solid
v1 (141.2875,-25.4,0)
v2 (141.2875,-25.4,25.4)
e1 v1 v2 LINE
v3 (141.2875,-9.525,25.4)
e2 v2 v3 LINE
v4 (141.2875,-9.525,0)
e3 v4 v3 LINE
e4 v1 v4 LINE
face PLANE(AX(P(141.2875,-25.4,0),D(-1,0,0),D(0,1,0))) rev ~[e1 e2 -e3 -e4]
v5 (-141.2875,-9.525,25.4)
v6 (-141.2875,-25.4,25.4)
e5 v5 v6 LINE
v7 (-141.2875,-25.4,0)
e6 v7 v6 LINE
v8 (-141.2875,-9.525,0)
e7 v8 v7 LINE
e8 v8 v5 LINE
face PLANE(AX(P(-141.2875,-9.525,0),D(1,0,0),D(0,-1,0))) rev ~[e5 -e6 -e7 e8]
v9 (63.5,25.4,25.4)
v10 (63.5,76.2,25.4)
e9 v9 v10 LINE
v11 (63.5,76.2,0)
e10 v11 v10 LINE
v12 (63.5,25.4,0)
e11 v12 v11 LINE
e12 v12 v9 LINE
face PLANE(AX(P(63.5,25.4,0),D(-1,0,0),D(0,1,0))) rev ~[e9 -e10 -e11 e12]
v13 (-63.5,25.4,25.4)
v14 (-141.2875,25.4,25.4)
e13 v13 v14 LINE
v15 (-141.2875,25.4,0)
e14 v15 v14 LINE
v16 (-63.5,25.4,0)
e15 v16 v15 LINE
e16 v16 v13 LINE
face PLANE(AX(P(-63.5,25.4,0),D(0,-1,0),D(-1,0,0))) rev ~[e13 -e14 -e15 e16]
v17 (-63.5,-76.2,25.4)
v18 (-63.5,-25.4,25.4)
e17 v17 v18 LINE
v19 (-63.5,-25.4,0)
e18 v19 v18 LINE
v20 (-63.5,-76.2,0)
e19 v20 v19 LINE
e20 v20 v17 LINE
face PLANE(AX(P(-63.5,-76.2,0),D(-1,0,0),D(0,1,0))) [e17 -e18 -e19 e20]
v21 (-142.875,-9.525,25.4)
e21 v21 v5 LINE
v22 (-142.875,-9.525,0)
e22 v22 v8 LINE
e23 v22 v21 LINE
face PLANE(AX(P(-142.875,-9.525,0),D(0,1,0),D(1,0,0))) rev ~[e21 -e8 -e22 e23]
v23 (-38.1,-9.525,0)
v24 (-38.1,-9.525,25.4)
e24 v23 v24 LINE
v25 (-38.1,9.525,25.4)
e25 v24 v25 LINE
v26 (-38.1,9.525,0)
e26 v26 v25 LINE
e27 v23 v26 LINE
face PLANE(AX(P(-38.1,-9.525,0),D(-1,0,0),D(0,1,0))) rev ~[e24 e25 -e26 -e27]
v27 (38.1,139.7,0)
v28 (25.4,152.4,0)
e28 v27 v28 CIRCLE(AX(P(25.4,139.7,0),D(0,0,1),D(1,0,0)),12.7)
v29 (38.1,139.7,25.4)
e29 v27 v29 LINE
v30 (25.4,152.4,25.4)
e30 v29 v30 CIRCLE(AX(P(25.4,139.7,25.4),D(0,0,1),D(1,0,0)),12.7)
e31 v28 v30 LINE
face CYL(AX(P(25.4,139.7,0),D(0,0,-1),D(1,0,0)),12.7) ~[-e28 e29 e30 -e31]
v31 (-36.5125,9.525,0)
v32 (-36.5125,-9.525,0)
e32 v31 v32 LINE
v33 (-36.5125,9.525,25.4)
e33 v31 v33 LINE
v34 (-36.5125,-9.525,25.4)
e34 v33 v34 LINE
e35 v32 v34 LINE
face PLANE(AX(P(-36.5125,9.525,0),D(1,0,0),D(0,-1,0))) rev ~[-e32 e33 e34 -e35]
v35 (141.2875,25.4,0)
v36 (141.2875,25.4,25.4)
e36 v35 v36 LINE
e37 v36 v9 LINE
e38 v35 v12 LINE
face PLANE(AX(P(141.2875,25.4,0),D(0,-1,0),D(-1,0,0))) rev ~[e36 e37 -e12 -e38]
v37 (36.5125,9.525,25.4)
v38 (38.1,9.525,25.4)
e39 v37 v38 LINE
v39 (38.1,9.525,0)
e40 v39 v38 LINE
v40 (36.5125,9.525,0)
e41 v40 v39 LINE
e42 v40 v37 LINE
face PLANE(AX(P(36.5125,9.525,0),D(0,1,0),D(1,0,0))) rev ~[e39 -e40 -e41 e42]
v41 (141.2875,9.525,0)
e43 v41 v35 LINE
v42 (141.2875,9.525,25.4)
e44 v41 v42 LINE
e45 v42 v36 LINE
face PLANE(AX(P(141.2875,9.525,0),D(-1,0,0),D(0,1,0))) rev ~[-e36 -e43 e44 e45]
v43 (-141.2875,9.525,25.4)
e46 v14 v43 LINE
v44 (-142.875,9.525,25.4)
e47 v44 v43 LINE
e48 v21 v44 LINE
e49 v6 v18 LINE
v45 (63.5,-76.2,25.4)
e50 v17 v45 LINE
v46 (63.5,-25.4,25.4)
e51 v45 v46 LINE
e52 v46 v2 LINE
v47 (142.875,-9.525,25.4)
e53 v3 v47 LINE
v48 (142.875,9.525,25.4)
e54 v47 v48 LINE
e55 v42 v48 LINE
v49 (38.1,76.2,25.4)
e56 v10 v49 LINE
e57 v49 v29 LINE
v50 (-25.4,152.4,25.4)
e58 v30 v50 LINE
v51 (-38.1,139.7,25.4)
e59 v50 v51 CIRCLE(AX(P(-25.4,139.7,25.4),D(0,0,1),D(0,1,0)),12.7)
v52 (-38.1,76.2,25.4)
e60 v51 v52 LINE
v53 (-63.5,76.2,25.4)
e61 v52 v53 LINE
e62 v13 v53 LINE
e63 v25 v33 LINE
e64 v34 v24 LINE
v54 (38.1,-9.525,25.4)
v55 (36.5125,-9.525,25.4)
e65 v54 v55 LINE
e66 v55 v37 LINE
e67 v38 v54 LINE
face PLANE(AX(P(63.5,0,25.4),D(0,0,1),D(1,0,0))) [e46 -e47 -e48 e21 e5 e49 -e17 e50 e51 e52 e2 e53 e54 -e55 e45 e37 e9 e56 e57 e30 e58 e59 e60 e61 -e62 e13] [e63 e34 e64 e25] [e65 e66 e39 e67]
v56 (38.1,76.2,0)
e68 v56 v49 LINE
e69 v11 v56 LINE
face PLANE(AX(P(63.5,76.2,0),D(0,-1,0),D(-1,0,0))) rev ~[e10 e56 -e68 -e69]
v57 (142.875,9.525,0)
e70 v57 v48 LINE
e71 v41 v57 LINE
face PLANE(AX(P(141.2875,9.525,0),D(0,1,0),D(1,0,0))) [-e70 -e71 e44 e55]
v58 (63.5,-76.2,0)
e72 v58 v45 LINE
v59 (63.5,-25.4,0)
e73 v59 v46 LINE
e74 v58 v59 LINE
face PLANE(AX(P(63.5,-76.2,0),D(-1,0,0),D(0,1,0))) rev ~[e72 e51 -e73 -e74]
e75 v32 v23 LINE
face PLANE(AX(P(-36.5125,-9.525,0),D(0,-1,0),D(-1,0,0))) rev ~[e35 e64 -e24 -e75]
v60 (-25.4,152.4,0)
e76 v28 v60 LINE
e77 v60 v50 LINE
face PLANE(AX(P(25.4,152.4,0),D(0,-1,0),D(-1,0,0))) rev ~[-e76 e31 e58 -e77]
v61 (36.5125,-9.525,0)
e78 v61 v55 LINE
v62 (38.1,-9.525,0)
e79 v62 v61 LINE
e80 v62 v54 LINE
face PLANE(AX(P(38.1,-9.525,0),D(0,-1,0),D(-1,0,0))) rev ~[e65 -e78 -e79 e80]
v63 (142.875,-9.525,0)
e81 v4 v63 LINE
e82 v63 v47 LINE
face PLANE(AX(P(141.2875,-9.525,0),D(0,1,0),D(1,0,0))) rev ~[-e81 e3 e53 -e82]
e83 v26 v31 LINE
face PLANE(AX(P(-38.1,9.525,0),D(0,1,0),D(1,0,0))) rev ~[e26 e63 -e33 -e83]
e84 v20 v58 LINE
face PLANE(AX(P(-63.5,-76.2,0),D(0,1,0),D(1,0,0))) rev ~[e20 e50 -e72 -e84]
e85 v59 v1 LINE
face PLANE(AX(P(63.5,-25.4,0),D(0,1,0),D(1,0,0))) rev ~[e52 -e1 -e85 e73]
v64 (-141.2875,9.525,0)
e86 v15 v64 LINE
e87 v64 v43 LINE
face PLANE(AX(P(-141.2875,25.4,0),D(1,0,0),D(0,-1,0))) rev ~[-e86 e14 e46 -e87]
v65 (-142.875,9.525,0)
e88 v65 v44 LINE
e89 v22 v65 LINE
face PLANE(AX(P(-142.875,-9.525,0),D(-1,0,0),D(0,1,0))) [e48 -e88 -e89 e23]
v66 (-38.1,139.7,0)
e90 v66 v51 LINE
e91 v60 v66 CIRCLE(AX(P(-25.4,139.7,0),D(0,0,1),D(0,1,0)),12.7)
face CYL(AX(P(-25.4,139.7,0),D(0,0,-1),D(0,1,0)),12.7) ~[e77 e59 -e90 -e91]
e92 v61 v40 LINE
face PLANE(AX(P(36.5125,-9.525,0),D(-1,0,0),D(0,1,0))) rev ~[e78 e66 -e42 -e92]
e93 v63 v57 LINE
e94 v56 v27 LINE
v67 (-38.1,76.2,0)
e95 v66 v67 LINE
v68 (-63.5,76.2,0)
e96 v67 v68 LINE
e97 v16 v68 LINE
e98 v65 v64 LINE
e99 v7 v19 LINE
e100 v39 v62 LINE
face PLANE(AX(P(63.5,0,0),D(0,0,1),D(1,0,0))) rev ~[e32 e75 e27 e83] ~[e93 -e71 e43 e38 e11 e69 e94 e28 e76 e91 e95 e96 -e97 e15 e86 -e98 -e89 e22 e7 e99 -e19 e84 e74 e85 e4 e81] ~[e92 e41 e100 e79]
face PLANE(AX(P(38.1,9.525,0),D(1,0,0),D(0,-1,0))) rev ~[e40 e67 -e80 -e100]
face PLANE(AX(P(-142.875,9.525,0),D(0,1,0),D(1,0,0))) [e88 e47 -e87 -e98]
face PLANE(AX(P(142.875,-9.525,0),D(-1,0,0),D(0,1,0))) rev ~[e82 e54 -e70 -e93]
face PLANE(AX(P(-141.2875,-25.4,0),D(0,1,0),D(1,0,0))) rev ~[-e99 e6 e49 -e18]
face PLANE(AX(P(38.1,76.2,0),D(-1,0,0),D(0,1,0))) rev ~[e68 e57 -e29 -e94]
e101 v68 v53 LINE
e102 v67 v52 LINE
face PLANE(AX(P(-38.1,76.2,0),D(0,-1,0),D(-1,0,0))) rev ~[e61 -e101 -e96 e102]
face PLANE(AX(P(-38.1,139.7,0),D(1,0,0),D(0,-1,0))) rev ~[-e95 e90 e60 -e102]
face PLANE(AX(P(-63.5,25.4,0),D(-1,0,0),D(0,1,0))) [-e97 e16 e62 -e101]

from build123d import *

# Parameters (mm, degrees)
F0_W     = 25.4
F0_H     = 50.8
F0_W_2   = 76.2
F0_W_3   = 1.5875
F0_H_2   = 19.05
F1_DEPTH = 25.4


with BuildPart() as f1:
    # F0 (on Top) → F1 (new body)
    with BuildSketch(Plane.XY):
        Polygon((63.5, 25.4), (38.1, 25.4), (38.1, 9.525), (38.1, -9.525), (38.1, -25.4), (63.5, -25.4), (88.9, -25.4), (88.9, 25.4), align=None)
        with Locations((50.8, 50.8)):
            Rectangle(F0_W, F0_H)
        with Locations((0, 50.8)):
            Rectangle(F0_W_2, F0_H)
        Polygon((-38.1, 9.525), (-38.1, 25.4), (-63.5, 25.4), (-88.9, 25.4), (-88.9, -25.4), (-63.5, -25.4), (-38.1, -25.4), (-38.1, -9.525), align=None)
        with Locations((-50.8, 50.8)):
            Rectangle(F0_W, F0_H)
        with Locations((0, 101.6)):
            Rectangle(F0_W_2, F0_H)
        with Locations((89.69375, 0)):
            Rectangle(F0_W_3, F0_H)
        with BuildLine():
            Line((-38.1, 127), (38.1, 127))
            Line((38.1, 127), (38.1, 139.7))
            ThreePointArc((38.1, 139.7), (34.3802561211, 148.6802561211), (25.4, 152.4))
            Line((25.4, 152.4), (-25.4, 152.4))
            ThreePointArc((-25.4, 152.4), (-34.3802561211, 148.6802561211), (-38.1, 139.7))
            Line((-38.1, 139.7), (-38.1, 127))
        make_face()
        with Locations((-89.69375, 0)):
            Rectangle(F0_W_3, F0_H)
        with Locations((0, -50.8)):
            Rectangle(F0_W_2, F0_H)
        with Locations((50.8, -50.8)):
            Rectangle(F0_W, F0_H)
        Polygon((141.2875, 25.4), (90.4875, 25.4), (90.4875, -25.4), (141.2875, -25.4), (141.2875, -9.525), (141.2875, 9.525), align=None)
        with Locations((-50.8, -50.8)):
            Rectangle(F0_W, F0_H)
        Polygon((-90.4875, -25.4), (-90.4875, 25.4), (-141.2875, 25.4), (-141.2875, 9.525), (-141.2875, -9.525), (-141.2875, -25.4), align=None)
        with Locations((142.08125, 0)):
            Rectangle(F0_W_3, F0_H_2)
        with Locations((-142.08125, 0)):
            Rectangle(F0_W_3, F0_H_2)
        Polygon((38.1, 9.525), (38.1, 25.4), (-38.1, 25.4), (-38.1, 9.525), (-36.5125, 9.525), (-36.5125, -9.525), (-38.1, -9.525), (-38.1, -25.4), (38.1, -25.4), (38.1, -9.525), (36.5125, -9.525), (36.5125, 9.525), align=None)
    extrude(amount=F1_DEPTH)


solid = f1.part
